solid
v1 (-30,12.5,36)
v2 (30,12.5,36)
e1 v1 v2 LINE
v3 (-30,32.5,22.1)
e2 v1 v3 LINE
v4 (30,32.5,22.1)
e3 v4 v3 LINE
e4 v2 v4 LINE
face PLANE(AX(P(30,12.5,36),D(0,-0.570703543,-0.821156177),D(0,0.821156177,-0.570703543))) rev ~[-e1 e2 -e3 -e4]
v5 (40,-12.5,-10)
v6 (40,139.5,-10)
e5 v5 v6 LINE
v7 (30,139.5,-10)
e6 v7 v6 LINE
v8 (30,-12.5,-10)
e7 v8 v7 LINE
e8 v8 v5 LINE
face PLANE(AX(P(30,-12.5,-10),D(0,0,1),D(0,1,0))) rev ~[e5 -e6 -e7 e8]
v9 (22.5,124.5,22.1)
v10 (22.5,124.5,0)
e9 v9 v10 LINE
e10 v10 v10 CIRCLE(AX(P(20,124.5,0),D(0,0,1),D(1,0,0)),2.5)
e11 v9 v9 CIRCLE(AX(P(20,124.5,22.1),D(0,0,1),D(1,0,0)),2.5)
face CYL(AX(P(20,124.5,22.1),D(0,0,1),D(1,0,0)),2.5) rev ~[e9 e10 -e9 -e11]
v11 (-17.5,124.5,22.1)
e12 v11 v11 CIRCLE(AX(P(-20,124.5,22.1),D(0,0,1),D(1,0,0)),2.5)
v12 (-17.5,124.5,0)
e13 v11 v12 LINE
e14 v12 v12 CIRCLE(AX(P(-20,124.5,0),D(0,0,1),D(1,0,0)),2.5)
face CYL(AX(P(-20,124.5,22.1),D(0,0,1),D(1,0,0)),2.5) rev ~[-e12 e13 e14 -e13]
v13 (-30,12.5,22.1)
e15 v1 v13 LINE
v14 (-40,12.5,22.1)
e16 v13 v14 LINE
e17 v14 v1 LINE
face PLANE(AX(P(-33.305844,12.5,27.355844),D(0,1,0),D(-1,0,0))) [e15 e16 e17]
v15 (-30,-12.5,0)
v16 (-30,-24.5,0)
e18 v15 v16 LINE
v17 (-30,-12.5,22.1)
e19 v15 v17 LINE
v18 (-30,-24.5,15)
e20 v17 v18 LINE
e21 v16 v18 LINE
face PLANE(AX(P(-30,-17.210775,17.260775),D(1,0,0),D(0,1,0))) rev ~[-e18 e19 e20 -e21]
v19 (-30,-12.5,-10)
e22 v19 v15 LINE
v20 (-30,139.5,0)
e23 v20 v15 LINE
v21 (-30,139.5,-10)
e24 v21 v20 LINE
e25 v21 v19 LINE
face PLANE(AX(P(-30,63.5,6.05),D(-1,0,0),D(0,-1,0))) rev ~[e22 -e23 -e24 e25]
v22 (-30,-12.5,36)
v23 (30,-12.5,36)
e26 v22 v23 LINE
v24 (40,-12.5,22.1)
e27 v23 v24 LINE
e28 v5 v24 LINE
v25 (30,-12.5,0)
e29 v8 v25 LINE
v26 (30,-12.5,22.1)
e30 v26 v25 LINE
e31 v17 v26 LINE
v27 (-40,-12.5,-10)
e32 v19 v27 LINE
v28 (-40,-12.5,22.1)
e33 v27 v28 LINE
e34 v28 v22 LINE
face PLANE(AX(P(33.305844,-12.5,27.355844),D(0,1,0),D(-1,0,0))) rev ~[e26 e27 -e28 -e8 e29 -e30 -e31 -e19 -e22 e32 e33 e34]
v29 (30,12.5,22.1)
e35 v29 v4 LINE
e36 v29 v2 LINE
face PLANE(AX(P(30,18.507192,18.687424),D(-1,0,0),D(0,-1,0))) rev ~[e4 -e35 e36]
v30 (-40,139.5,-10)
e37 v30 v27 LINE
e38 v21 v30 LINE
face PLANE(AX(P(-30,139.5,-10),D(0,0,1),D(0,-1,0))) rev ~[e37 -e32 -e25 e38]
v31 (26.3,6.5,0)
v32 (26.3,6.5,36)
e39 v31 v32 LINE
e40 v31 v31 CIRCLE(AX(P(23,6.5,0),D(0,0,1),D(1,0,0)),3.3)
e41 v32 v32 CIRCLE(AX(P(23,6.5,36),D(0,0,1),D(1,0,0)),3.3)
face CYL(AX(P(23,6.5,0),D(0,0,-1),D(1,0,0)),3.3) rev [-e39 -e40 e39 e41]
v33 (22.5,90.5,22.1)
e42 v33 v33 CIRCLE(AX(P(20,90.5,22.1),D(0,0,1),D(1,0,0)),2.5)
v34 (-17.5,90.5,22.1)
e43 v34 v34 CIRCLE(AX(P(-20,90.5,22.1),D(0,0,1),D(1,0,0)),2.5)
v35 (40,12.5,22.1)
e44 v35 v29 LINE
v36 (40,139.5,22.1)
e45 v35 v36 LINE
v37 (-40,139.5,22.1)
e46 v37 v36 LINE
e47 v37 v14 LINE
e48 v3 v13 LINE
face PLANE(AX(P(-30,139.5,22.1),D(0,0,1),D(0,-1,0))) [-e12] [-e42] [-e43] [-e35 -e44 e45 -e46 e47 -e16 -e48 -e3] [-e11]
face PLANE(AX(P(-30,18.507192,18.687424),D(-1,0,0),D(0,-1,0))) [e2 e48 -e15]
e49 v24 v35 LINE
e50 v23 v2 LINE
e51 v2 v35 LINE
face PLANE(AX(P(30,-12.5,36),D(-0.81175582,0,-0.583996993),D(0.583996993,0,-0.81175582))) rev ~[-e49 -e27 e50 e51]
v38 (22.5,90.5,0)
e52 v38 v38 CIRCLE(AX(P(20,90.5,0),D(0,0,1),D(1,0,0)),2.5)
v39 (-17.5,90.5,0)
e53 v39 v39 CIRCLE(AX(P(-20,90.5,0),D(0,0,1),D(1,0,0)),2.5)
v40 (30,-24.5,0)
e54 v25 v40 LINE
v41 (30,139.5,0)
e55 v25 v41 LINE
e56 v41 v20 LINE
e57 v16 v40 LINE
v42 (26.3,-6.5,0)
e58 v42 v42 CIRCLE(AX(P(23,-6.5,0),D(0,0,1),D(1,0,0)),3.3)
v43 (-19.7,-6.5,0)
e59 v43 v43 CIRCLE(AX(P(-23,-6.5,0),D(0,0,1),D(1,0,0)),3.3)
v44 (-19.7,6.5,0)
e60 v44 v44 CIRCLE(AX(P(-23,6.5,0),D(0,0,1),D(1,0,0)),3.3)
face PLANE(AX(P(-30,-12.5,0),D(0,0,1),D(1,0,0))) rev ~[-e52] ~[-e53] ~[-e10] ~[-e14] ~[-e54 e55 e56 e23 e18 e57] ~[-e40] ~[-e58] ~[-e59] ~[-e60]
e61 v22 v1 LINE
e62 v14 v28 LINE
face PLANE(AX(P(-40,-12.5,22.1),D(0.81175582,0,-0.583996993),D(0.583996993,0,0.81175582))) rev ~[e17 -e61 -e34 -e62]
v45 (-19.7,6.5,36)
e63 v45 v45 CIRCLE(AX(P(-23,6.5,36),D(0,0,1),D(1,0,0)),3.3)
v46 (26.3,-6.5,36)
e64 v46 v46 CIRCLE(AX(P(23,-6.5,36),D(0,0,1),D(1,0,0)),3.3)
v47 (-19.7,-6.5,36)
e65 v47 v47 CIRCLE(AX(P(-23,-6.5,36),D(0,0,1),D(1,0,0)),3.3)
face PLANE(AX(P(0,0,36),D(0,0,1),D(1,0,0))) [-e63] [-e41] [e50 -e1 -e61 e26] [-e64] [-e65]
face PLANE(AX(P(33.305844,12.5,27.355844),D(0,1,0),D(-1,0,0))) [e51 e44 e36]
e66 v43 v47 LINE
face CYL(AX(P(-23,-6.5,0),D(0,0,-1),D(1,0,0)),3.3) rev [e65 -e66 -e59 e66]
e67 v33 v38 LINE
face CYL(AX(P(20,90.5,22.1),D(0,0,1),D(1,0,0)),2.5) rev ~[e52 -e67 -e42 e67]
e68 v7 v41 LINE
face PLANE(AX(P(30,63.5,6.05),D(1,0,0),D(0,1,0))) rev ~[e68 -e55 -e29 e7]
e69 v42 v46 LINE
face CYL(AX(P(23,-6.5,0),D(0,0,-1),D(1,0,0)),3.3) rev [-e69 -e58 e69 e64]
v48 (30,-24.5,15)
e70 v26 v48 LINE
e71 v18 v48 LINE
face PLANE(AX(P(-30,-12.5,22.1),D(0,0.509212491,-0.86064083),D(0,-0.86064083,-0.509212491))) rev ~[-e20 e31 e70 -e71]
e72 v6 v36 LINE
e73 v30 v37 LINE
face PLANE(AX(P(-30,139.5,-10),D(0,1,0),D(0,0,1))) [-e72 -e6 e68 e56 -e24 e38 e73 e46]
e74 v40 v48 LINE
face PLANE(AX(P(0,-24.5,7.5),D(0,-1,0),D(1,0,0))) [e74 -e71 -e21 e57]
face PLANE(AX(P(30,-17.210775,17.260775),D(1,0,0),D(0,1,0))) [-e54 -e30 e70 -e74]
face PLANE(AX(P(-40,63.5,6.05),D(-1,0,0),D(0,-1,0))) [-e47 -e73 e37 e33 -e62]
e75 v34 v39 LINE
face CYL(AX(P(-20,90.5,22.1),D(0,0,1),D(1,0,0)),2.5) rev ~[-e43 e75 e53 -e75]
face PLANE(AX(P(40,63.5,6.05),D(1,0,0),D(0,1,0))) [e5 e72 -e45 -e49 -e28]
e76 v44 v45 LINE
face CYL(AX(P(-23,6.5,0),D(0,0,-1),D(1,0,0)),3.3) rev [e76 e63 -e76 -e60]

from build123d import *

# Parameters (mm, degrees)
SKETCH_W     = 60
SKETCH_H     = 25
SKETCH_R     = 3.3
PAD_DEPTH    = 36
SKETCH001_W  = 60
SKETCH001_H  = 22.1
PAD001_DEPTH = 127
SKETCH002_R  = 2.5
POCKET_DEPTH = 22.101
PAD002_DEPTH = 60
SKETCH004_W  = 152
SKETCH004_H  = 32.1
PAD003_DEPTH = 10
SKETCH005_W  = 152
SKETCH005_H  = 32.1
PAD004_DEPTH = 10
PAD005_DEPTH = 25
SKETCH007_W  = 60
SKETCH007_H  = 15
PAD006_DEPTH = 12
PAD007_DEPTH = 60


with BuildPart() as part:
    # Sketch → Pad (new body)
    with BuildSketch(Plane.XY):
        Rectangle(SKETCH_W, SKETCH_H)
        with Locations((-23, 6.5)):
            Circle(SKETCH_R, mode=Mode.SUBTRACT)
        with Locations((-23, -6.5)):
            Circle(SKETCH_R, mode=Mode.SUBTRACT)
        with Locations((23, -6.5)):
            Circle(SKETCH_R, mode=Mode.SUBTRACT)
        with Locations((23, 6.5)):
            Circle(SKETCH_R, mode=Mode.SUBTRACT)
    extrude(amount=PAD_DEPTH)

    # Sketch001 (on Face1 of Pad) → Pad001 (join)
    with BuildSketch(Plane(origin=(0, 12.5, 0), x_dir=(-1, 0, 0), z_dir=(0, 1, 0))):
        with Locations((0, 11.05)):
            Rectangle(SKETCH001_W, SKETCH001_H)
    extrude(amount=PAD001_DEPTH)

    # Sketch002 (on Face2 of Pad001) → Pocket (cut, through all)
    with BuildSketch(Plane.XY.offset(22.1)):
        with Locations((-20, 124.5)):
            Circle(SKETCH002_R)
        with Locations((20, 124.5)):
            Circle(SKETCH002_R)
        with Locations((-20, 90.5)):
            Circle(SKETCH002_R)
        with Locations((20, 90.5)):
            Circle(SKETCH002_R)
    extrude(amount=-POCKET_DEPTH, mode=Mode.SUBTRACT)

    # Sketch003 (on Face6 of Pocket) → Pad002 (join)
    with BuildSketch(Plane.YZ.offset(30)):
        Polygon((12.5, 36), (32.5, 22.1), (12.5, 0), align=None)
    extrude(amount=-PAD002_DEPTH)

    # Sketch004 (on Face7 of Pad002) → Pad003 (join)
    with BuildSketch(Plane.YZ.offset(30)):
        with Locations((63.5, 6.05)):
            Rectangle(SKETCH004_W, SKETCH004_H)
    extrude(amount=PAD003_DEPTH)

    # Sketch005 (on Face20 of Pad003) → Pad004 (join)
    with BuildSketch(Plane(origin=(-30, 0, 0), x_dir=(0, -1, 0), z_dir=(-1, 0, 0))):
        with Locations((-63.5, 6.05)):
            Rectangle(SKETCH005_W, SKETCH005_H)
    extrude(amount=PAD004_DEPTH)

    # Sketch006 (on Face3 of Pad004) → Pad005 (join)
    with BuildSketch(Plane.XZ.offset(12.5)):
        Polygon((40, 22.1), (30, 22.1), (30, 36), align=None)
        Polygon((-30, 36), (-30, 22.1), (-40, 22.1), align=None)
    extrude(amount=-PAD005_DEPTH)

    # Sketch007 (on Face25 of Pad005) → Pad006 (join)
    with BuildSketch(Plane.XZ.offset(12.5)):
        with Locations((0, 7.5)):
            Rectangle(SKETCH007_W, SKETCH007_H)
    extrude(amount=PAD006_DEPTH)

    # Sketch008 (on Face40 of Pad006) → Pad007 (join)
    with BuildSketch(Plane(origin=(-30, 0, 0), x_dir=(0, -1, 0), z_dir=(-1, 0, 0))):
        Polygon((24.5, 15), (12.5, 15), (12.5, 22.1), align=None)
    extrude(amount=-PAD007_DEPTH)


solid = part.part
